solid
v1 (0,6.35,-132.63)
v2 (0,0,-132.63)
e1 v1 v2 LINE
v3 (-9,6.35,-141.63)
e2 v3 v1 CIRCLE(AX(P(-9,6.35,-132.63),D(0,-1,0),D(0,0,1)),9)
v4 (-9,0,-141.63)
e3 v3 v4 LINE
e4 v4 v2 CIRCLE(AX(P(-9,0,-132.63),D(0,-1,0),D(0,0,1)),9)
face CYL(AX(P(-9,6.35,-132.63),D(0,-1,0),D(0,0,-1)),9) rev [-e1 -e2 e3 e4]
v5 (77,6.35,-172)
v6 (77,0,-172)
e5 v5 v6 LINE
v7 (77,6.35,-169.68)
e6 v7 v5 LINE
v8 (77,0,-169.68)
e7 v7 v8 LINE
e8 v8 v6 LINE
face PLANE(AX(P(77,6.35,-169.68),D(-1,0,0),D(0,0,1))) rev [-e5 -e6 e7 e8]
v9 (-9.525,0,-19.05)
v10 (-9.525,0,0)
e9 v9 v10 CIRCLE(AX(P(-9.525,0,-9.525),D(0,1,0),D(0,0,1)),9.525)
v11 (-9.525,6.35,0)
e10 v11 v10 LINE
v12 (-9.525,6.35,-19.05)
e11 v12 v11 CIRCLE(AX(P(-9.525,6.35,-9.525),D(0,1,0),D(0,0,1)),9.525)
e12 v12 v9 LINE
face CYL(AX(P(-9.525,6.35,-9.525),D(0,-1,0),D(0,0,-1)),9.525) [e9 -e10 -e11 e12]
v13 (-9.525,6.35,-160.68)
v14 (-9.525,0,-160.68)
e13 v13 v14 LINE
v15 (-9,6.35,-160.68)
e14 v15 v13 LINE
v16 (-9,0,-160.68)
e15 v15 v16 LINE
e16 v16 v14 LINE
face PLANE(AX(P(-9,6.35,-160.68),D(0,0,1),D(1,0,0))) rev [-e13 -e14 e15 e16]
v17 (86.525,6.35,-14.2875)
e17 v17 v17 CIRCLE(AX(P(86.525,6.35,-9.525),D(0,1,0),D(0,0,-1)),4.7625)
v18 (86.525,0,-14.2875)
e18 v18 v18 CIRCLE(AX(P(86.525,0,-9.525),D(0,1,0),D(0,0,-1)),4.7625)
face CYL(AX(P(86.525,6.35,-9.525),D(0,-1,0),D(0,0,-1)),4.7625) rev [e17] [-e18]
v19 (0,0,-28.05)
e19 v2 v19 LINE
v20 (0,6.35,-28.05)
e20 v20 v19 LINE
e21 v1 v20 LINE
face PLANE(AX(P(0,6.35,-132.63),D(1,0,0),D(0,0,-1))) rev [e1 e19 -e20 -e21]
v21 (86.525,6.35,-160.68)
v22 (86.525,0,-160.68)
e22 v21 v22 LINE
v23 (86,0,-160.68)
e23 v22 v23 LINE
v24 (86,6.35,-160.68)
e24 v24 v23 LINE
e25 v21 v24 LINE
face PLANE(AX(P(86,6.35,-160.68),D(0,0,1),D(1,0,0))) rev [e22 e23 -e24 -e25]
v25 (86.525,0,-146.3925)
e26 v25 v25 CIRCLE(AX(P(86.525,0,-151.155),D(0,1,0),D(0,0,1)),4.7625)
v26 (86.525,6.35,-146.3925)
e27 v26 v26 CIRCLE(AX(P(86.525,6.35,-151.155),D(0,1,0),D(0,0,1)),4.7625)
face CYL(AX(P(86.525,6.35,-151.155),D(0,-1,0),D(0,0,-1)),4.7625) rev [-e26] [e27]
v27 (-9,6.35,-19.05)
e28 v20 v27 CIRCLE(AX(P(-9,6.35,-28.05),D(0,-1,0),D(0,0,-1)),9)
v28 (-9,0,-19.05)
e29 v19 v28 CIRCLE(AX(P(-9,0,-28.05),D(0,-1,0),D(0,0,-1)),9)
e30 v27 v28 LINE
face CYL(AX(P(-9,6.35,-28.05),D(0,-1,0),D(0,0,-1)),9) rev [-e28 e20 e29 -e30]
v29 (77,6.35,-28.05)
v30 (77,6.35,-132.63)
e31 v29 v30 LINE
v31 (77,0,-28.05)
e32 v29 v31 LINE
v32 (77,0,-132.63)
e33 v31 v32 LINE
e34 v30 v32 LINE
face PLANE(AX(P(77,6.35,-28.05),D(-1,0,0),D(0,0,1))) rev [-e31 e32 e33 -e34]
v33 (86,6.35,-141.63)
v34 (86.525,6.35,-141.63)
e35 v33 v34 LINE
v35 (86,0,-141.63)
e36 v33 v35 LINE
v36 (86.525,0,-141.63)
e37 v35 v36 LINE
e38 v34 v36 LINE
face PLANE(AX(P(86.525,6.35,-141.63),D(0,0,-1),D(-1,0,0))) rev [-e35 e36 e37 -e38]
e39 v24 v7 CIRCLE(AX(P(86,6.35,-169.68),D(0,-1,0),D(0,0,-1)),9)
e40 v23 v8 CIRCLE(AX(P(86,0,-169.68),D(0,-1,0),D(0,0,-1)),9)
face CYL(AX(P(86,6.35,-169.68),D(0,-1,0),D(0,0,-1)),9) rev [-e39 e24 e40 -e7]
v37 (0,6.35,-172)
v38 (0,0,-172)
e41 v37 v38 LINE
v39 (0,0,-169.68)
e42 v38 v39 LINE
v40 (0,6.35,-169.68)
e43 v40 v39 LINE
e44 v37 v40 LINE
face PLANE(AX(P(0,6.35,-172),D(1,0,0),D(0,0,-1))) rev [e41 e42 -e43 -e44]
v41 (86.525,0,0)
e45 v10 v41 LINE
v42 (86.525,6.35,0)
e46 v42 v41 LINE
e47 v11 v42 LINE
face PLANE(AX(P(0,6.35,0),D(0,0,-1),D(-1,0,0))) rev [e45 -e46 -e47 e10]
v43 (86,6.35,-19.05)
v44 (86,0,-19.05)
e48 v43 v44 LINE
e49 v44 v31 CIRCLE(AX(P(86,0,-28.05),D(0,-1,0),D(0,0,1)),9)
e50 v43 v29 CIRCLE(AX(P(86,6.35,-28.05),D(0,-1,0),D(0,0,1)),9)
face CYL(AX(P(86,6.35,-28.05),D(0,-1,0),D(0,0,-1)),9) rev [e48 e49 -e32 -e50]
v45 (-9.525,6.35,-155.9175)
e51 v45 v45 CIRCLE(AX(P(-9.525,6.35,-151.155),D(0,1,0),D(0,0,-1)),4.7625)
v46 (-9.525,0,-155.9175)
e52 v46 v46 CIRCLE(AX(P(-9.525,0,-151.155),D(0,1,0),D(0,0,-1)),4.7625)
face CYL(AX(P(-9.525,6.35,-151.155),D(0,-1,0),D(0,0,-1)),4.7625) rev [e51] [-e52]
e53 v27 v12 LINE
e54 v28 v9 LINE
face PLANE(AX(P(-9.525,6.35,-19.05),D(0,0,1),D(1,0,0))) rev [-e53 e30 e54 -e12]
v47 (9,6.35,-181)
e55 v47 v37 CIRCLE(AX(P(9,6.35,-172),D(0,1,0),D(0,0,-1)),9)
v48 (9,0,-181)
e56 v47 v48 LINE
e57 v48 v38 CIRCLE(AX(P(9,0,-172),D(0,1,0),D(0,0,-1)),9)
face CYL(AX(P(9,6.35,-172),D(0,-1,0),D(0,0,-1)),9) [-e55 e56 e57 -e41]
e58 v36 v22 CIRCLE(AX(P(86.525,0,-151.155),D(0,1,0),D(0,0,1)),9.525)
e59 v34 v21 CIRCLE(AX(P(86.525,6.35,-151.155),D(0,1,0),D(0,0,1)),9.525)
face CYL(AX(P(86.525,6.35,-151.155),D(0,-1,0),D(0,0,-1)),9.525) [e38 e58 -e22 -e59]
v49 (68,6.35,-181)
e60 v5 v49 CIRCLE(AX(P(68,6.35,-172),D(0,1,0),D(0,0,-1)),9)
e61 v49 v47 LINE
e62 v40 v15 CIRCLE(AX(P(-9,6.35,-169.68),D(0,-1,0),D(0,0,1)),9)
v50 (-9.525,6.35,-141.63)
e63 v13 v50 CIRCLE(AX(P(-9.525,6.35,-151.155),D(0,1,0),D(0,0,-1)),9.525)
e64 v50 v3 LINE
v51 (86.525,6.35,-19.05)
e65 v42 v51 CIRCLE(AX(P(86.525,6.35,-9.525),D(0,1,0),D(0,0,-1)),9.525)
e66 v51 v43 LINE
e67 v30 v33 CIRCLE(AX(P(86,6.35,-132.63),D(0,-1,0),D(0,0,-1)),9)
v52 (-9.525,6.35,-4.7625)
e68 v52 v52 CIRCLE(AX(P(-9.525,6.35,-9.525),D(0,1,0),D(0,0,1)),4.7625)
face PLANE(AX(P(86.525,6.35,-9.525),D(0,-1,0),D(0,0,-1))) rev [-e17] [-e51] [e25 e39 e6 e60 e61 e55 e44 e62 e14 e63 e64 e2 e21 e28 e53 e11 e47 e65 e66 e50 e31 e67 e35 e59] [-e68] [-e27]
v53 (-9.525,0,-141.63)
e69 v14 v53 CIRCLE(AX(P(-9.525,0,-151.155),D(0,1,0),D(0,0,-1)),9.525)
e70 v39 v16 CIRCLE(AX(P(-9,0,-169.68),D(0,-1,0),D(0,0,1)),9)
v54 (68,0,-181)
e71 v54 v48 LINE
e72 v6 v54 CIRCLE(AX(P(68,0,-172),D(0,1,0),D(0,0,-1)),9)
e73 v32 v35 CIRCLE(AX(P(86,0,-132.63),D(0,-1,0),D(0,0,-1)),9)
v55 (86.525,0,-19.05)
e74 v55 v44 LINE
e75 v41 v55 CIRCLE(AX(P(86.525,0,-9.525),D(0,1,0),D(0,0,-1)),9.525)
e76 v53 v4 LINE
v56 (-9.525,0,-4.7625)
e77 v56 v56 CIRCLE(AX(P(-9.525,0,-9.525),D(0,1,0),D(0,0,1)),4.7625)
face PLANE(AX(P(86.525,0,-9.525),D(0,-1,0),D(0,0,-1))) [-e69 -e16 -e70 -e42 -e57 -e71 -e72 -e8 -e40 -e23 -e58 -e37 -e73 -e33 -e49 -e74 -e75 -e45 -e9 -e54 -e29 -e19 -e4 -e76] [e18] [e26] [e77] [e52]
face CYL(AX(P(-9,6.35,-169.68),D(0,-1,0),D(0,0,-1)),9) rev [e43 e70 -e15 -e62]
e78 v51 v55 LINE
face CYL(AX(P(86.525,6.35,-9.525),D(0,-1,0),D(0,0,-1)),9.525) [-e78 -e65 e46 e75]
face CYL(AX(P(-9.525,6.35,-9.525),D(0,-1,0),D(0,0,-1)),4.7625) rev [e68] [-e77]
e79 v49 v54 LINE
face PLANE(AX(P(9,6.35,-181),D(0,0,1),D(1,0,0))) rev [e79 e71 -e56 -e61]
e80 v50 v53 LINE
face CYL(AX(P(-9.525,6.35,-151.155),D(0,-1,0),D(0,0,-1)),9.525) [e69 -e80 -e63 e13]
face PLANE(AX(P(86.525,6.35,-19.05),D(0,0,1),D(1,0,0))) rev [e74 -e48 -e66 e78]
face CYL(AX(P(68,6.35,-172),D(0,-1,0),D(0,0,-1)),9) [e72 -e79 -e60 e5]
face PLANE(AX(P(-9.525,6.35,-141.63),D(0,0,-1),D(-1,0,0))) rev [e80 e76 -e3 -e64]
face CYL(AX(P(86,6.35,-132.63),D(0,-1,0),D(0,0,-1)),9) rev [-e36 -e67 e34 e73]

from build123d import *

# Parameters (mm, degrees)
SKETCH1_R           = 4.7625
BOSS_EXTRUDE1_DEPTH = 6.35


with BuildPart() as part:
    # Sketch1 → Boss-Extrude1 (new body)
    with BuildSketch(Plane(origin=(0, 0, 0), x_dir=(1, 0, 0), z_dir=(0, 1, 0))):
        with BuildLine():
            Line((0, 132.63), (0, 28.05))
            ThreePointArc((0, 28.05), (-2.636038969, 21.686038969), (-9, 19.05))
            Line((-9, 19.05), (-9.525, 19.05))
            ThreePointArc((-9.525, 19.05), (-19.05, 9.525), (-9.525, 0))
            Line((-9.525, 0), (0, 0))
            Line((0, 0), (77, 0))
            Line((77, 0), (86.525, 0))
            ThreePointArc((86.525, 0), (96.05, 9.525), (86.525, 19.05))
            Line((86.525, 19.05), (86, 19.05))
            ThreePointArc((86, 19.05), (79.636038969, 21.686038969), (77, 28.05))
            Line((77, 28.05), (77, 132.63))
            ThreePointArc((77, 132.63), (79.636038969, 138.993961031), (86, 141.63))
            Line((86, 141.63), (86.525, 141.63))
            ThreePointArc((86.525, 141.63), (96.05, 151.155), (86.525, 160.68))
            Line((86.525, 160.68), (86, 160.68))
            ThreePointArc((86, 160.68), (79.636038969, 163.316038969), (77, 169.68))
            Line((77, 169.68), (77, 172))
            ThreePointArc((77, 172), (74.363961031, 178.363961031), (68, 181))
            Line((68, 181), (9, 181))
            ThreePointArc((9, 181), (2.636038969, 178.363961031), (0, 172))
            Line((0, 172), (0, 169.68))
            ThreePointArc((0, 169.68), (-2.636038969, 163.316038969), (-9, 160.68))
            Line((-9, 160.68), (-9.525, 160.68))
            ThreePointArc((-9.525, 160.68), (-19.05, 151.155), (-9.525, 141.63))
            Line((-9.525, 141.63), (-9, 141.63))
            ThreePointArc((-9, 141.63), (-2.636038969, 138.993961031), (0, 132.63))
        make_face()
        with Locations((86.525, 151.155)):
            Circle(SKETCH1_R, mode=Mode.SUBTRACT)
        with Locations((-9.525, 151.155)):
            Circle(SKETCH1_R, mode=Mode.SUBTRACT)
        with Locations((-9.525, 9.525)):
            Circle(SKETCH1_R, mode=Mode.SUBTRACT)
        with Locations((86.525, 9.525)):
            Circle(SKETCH1_R, mode=Mode.SUBTRACT)
    extrude(amount=BOSS_EXTRUDE1_DEPTH)


solid = part.part
